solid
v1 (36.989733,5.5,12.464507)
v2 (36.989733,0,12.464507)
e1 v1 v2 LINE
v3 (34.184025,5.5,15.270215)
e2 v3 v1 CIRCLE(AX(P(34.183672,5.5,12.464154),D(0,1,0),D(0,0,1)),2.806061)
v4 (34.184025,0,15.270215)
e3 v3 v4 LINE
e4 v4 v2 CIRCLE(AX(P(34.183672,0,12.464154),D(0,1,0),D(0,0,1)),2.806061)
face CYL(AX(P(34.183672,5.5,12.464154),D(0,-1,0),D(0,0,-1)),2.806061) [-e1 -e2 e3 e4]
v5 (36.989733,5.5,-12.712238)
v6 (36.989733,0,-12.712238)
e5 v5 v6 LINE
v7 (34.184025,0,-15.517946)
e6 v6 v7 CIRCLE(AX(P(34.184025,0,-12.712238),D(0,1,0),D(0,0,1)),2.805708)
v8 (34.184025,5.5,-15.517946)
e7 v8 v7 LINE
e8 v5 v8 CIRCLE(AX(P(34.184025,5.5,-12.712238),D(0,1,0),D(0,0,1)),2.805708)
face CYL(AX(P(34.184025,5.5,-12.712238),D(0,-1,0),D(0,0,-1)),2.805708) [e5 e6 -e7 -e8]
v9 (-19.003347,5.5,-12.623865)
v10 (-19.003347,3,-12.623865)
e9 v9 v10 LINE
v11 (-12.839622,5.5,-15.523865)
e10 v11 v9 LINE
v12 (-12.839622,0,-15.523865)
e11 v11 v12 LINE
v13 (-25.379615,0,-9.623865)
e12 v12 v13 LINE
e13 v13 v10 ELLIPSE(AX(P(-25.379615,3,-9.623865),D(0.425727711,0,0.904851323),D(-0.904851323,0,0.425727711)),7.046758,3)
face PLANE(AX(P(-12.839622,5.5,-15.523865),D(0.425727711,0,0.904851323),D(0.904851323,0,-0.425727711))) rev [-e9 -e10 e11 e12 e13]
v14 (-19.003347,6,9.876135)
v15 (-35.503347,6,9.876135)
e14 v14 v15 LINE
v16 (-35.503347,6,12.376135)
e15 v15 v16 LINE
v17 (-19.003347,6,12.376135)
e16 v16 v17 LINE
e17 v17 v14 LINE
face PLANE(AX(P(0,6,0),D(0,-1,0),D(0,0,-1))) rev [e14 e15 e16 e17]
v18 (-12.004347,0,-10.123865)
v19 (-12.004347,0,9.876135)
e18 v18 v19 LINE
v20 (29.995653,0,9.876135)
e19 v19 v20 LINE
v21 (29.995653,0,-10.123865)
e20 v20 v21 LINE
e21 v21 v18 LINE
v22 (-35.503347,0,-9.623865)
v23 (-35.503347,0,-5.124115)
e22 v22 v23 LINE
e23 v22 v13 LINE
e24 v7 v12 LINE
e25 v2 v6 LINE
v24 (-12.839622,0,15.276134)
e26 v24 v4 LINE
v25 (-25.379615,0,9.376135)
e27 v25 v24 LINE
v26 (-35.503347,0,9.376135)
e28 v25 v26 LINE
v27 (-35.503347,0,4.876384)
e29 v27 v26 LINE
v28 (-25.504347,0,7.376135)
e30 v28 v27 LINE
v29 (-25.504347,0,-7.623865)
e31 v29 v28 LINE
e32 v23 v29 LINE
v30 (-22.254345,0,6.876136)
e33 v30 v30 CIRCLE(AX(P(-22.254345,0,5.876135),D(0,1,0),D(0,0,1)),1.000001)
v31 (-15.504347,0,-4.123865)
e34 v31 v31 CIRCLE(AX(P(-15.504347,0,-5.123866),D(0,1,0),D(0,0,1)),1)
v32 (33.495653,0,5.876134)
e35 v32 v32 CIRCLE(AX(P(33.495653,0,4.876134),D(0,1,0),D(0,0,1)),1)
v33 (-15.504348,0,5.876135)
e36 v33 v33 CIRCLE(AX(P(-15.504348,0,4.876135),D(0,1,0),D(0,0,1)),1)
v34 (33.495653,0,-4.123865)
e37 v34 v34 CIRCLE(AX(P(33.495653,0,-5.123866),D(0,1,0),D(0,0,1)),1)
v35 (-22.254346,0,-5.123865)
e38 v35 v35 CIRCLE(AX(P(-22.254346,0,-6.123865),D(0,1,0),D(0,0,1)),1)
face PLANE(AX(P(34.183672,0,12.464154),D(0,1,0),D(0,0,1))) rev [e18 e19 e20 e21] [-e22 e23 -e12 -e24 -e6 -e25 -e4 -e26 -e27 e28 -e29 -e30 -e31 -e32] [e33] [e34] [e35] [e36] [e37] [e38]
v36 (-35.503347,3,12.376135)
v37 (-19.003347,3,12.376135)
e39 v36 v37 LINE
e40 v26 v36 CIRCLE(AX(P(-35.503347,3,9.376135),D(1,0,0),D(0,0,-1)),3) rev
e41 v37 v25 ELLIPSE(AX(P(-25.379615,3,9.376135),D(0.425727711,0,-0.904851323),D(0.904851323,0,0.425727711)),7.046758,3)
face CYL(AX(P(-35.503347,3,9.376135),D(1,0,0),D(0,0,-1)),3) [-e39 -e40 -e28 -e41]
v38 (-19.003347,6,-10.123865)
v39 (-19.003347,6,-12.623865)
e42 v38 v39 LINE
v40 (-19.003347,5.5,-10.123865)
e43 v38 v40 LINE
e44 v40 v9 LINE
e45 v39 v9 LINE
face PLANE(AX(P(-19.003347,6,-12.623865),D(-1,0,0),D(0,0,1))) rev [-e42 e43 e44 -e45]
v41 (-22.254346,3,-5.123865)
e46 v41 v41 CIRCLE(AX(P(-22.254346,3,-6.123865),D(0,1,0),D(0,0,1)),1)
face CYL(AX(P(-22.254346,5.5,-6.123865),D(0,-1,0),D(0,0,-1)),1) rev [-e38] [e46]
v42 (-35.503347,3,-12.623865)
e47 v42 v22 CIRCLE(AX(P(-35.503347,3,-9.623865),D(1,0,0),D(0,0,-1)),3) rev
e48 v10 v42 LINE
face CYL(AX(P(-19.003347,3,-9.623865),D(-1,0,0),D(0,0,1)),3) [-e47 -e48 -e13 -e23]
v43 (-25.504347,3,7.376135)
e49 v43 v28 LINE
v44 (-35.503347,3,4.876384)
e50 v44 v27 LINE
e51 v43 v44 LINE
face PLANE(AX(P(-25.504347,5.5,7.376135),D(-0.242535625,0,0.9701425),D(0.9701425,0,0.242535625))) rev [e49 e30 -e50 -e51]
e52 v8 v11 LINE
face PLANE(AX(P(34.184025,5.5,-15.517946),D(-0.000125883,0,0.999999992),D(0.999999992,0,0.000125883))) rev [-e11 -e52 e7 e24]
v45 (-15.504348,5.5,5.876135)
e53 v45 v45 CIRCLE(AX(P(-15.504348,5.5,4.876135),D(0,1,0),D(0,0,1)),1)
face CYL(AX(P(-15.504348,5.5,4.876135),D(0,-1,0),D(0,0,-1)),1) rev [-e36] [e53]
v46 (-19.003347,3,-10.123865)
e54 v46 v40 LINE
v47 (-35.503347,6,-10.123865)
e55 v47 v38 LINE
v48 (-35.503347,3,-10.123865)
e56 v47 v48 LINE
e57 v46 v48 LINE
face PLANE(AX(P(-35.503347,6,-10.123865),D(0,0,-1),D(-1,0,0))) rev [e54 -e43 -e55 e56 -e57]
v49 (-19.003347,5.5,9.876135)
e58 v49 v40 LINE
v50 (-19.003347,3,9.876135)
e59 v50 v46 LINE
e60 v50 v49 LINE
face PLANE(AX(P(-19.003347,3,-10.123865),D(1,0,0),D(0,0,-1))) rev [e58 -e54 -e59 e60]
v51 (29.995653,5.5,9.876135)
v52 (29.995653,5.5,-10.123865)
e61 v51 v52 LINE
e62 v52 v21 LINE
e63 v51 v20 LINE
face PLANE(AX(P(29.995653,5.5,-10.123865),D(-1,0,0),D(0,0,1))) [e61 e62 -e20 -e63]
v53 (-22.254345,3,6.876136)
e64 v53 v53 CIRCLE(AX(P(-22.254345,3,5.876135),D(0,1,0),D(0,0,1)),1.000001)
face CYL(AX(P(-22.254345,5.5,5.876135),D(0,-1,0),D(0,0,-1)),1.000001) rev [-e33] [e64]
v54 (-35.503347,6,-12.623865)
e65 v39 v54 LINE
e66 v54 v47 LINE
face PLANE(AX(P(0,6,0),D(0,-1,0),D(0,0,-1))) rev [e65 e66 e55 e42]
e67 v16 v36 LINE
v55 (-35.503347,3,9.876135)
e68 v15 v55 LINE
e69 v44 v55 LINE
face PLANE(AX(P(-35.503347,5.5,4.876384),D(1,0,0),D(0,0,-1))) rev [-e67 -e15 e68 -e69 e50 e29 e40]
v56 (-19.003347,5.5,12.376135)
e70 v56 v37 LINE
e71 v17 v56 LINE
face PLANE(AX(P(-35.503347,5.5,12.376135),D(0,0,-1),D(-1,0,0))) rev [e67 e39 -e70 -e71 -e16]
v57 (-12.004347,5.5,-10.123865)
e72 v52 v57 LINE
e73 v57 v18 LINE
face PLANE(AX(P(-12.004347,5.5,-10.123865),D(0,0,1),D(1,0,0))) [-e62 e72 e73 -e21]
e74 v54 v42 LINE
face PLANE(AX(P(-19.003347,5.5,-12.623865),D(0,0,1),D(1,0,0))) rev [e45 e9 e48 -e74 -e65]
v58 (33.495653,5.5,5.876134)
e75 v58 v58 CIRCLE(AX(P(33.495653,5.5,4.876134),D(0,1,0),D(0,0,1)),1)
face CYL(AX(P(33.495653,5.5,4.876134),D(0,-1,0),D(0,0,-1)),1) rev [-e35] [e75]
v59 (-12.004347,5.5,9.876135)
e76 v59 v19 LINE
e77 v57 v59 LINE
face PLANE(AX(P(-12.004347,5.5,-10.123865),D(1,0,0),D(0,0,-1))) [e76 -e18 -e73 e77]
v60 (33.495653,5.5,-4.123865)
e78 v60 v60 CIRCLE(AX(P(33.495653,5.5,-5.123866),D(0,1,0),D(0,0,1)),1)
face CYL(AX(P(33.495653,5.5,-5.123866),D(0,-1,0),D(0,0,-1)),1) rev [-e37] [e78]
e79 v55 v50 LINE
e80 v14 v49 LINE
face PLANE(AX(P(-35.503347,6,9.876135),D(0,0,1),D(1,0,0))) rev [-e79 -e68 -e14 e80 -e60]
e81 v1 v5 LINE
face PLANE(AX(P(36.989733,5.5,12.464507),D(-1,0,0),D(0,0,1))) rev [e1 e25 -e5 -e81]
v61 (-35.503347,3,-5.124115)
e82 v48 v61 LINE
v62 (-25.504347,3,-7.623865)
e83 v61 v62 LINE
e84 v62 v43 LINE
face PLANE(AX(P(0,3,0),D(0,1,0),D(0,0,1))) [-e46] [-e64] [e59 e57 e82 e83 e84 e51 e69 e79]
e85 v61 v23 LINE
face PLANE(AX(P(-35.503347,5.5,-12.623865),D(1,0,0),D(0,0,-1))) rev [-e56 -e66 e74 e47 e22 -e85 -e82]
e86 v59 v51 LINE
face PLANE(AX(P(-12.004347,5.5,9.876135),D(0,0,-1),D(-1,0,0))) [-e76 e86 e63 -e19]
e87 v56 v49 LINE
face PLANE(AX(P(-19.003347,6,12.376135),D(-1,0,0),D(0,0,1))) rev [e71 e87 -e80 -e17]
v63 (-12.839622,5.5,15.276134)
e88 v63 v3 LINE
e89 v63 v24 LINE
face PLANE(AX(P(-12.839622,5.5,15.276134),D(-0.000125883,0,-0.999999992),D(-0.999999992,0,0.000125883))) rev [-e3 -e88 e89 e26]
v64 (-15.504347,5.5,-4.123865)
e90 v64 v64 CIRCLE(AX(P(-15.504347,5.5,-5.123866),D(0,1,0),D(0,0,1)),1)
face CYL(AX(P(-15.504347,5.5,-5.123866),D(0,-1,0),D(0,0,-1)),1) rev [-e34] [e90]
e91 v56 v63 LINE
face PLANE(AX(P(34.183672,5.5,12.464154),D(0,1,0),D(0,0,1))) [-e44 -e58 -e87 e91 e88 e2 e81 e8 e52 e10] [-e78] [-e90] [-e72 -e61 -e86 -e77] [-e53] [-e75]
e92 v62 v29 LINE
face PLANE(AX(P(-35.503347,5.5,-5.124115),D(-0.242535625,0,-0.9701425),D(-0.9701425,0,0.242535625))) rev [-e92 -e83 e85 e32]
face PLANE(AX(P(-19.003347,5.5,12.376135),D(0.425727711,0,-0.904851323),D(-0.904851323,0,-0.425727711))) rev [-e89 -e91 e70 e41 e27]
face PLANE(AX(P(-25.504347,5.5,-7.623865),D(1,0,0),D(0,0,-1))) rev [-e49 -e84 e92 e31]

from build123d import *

# Parameters (mm, degrees)
CROQUIS1_R              = 1.000000216
CROQUIS1_R_2            = 1.000000063
CROQUIS1_R_3            = 1.000000073
CROQUIS1_R_4            = 0.999999979
CROQUIS1_R_5            = 1.000000424
CROQUIS1_R_6            = 1.000000593
CROQUIS1_W              = 42
CROQUIS1_H              = 20
SALIENTE_EXTRUIR1_DEPTH = 5.5
CROQUIS2_W              = 16.5
CROQUIS2_H              = 2.5
SALIENTE_EXTRUIR2_DEPTH = 0.5
CROQUIS3_W              = 16.5
CROQUIS3_H              = 20
CORTAR_EXTRUIR1_DEPTH   = 2.5
REDONDEO1_R             = 3


with BuildPart() as part:
    # Croquis1 → Saliente-Extruir1 (new body)
    with BuildSketch(Plane(origin=(0, 0, 0), x_dir=(1, 0, 0), z_dir=(0, 1, 0))):
        with BuildLine():
            Line((-35.503347099, 12.623865495), (-35.503347099, 5.124115358))
            Line((-35.503347099, 5.124115358), (-25.50434655, 7.623865495))
            Line((-25.50434655, 7.623865495), (-25.50434655, -7.376134505))
            Line((-25.50434655, -7.376134505), (-35.503347099, -4.876384368))
            Line((-35.503347099, -4.876384368), (-35.503347099, -12.376134505))
            Line((-35.503347099, -12.376134505), (-19.003347099, -12.376134505))
            Line((-19.003347099, -12.376134505), (-12.8396222, -15.276134123))
            Line((-12.8396222, -15.276134123), (34.184025109, -15.270214667))
            ThreePointArc((34.184025109, -15.270214667), (36.167856769, -14.448338396), (36.98973304, -12.464506735))
            Line((36.98973304, -12.464506735), (36.98973304, 12.712237726))
            ThreePointArc((36.98973304, 12.712237726), (36.167960213, 14.69617283), (34.184025109, 15.517945657))
            Line((34.184025109, 15.517945657), (-12.8396222, 15.523865114))
            Line((-12.8396222, 15.523865114), (-19.003347099, 12.623865495))
            Line((-19.003347099, 12.623865495), (-35.503347099, 12.623865495))
        make_face()
        with Locations((-22.254346372, 6.123865279)):
            Circle(CROQUIS1_R, mode=Mode.SUBTRACT)
        with Locations((-15.504346839, 5.123865558)):
            Circle(CROQUIS1_R_2, mode=Mode.SUBTRACT)
        with Locations((33.495653377, 5.123865568)):
            Circle(CROQUIS1_R_3, mode=Mode.SUBTRACT)
        with Locations((33.4956531, -4.876133997)):
            Circle(CROQUIS1_R_4, mode=Mode.SUBTRACT)
        with Locations((-15.504347678, -4.876134927)):
            Circle(CROQUIS1_R_5, mode=Mode.SUBTRACT)
        with Locations((-22.254345484, -5.876135091)):
            Circle(CROQUIS1_R_6, mode=Mode.SUBTRACT)
        with Locations((8.99565345, 0.123865495)):
            Rectangle(CROQUIS1_W, CROQUIS1_H, mode=Mode.SUBTRACT)
    extrude(amount=SALIENTE_EXTRUIR1_DEPTH)

    # Croquis2 → Saliente-Extruir2 (add)
    with BuildSketch(Plane(origin=(0, 5.5, 0), x_dir=(1, 0, 0), z_dir=(0, 1, 0))):
        with Locations((-27.253347099, -11.126134505)):
            Rectangle(CROQUIS2_W, CROQUIS2_H)
        with Locations((-27.253347099, 11.373865495)):
            Rectangle(CROQUIS2_W, CROQUIS2_H)
    extrude(amount=SALIENTE_EXTRUIR2_DEPTH)

    # Croquis3 → Cortar-Extruir1 (cut)
    with BuildSketch(Plane(origin=(0, 5.5, 0), x_dir=(1, 0, 0), z_dir=(0, 1, 0))):
        with Locations((-27.253347099, 0.123865495)):
            Rectangle(CROQUIS3_W, CROQUIS3_H)
    extrude(amount=-CORTAR_EXTRUIR1_DEPTH, mode=Mode.SUBTRACT)

    # Redondeo1
    redondeo1_edges = [part.edges().sort_by_distance(p)[0] for p in [
        (-27.253347099, 0, 12.376134505),
        (-27.253347099, 0, -12.623865495),
    ]]
    fillet(redondeo1_edges, radius=REDONDEO1_R)


solid = part.part
